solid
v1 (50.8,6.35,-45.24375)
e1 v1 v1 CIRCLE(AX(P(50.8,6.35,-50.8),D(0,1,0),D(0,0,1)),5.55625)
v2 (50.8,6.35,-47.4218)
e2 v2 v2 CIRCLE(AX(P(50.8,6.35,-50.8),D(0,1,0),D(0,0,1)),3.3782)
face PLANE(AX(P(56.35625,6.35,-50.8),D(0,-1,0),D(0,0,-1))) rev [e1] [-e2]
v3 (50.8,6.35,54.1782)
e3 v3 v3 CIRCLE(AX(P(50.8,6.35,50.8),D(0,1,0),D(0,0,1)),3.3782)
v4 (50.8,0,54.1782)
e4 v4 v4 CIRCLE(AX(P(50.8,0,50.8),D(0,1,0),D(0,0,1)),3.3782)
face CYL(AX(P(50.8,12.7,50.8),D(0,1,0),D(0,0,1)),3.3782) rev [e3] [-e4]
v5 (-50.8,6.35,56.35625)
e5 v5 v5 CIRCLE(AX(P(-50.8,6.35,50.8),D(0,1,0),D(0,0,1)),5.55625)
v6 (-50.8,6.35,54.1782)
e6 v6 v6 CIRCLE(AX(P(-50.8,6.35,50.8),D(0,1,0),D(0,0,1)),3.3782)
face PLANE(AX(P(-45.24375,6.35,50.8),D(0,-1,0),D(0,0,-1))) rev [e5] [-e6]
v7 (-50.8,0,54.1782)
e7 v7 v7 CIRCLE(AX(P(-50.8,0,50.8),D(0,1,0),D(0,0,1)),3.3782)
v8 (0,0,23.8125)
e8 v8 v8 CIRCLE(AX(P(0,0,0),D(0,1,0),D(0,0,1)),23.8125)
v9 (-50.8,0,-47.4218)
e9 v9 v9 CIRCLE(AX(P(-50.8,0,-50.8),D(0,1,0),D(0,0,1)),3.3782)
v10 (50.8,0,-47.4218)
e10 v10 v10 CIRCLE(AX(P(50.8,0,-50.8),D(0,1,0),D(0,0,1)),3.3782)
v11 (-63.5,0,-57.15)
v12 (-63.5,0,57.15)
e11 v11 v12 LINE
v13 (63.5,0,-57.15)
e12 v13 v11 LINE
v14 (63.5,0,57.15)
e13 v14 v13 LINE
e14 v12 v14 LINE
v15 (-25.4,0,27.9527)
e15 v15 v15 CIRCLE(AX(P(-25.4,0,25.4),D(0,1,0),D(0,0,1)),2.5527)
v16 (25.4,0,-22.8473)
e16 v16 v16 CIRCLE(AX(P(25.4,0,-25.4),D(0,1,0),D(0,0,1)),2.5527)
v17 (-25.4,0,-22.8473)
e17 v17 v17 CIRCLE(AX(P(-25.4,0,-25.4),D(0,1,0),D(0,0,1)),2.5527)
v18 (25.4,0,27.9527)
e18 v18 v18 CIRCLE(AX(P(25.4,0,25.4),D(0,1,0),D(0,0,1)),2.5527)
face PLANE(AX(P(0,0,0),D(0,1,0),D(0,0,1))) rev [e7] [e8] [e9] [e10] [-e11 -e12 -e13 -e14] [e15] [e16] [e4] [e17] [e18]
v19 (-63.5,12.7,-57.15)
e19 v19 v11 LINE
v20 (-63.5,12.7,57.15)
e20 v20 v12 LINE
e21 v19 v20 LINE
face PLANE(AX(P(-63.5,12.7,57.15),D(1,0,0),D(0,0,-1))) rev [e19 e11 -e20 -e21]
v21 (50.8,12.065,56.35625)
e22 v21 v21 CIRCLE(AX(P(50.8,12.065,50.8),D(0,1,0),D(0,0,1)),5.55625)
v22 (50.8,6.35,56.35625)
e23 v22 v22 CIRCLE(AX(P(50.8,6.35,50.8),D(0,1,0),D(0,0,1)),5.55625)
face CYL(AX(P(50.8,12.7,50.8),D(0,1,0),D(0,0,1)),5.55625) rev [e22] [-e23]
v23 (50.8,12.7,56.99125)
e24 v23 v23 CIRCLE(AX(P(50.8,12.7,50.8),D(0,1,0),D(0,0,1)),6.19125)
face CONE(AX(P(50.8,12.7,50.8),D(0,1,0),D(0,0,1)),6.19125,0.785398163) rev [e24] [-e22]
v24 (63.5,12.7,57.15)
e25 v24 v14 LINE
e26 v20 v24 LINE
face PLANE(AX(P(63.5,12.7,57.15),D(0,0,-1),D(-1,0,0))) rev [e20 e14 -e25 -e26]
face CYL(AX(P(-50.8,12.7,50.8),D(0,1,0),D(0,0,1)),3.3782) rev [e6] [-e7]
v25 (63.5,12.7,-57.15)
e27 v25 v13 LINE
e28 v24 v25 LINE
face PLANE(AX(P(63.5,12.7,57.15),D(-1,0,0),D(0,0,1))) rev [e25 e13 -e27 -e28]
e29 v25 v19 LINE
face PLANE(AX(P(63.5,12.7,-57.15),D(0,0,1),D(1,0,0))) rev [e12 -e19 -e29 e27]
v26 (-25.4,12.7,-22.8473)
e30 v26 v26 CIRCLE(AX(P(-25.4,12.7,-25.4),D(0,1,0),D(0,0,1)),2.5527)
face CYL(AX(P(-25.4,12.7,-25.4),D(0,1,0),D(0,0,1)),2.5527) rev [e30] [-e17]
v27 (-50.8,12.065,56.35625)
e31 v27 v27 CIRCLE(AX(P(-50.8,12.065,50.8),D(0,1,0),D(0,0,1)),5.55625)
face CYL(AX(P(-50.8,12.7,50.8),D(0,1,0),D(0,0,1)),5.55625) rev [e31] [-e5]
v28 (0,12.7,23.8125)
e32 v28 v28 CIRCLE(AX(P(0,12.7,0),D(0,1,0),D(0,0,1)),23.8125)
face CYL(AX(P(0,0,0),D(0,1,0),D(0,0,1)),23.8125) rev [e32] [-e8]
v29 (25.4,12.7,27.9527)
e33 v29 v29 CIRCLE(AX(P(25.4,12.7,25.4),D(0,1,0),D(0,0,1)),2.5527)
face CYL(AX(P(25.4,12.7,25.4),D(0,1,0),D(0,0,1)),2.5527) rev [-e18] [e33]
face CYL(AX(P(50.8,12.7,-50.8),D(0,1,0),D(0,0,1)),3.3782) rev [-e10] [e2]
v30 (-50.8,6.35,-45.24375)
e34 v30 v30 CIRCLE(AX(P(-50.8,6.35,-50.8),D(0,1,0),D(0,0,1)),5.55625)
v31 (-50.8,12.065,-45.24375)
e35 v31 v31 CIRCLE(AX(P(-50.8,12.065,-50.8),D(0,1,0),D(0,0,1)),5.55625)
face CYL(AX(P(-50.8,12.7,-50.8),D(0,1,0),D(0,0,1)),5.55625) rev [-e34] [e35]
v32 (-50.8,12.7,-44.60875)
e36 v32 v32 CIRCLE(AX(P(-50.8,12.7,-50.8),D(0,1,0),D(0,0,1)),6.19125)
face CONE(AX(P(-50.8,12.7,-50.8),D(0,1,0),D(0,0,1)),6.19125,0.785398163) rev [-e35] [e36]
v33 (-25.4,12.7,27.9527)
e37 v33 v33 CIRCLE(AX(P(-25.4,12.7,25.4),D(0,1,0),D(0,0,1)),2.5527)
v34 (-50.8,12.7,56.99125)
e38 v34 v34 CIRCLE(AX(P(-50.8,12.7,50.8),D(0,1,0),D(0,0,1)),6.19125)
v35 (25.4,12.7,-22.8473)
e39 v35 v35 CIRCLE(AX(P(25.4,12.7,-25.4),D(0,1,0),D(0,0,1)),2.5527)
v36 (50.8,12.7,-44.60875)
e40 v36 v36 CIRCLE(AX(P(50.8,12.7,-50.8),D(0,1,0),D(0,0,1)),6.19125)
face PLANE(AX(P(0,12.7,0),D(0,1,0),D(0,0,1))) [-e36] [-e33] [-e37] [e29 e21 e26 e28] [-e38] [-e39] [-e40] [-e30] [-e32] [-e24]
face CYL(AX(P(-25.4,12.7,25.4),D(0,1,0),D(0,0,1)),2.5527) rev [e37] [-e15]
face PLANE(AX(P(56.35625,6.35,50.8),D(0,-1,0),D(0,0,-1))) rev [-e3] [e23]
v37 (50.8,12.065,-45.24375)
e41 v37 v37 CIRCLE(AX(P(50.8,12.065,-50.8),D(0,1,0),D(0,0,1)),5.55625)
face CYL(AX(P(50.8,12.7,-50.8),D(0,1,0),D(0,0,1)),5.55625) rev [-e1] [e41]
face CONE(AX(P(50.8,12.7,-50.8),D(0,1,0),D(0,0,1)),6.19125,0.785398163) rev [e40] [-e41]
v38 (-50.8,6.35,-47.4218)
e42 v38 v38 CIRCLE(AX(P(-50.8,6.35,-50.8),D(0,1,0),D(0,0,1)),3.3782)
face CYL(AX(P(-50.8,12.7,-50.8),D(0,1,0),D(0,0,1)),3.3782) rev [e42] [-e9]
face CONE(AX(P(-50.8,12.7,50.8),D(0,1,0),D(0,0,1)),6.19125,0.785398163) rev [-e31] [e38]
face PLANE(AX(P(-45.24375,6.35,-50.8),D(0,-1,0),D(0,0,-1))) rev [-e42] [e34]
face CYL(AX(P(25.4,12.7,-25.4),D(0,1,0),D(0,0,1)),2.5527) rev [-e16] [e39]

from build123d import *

# Parameters (mm, degrees)
SKETCH1_W                                     = 127
SKETCH1_H                                     = 114.3
BOSS_EXTRUDE1_DEPTH                           = 12.7
SKETCH2_R                                     = 23.8125
CUT_EXTRUDE1_DEPTH                            = 87.36933773
CBORE_FOR_1_4_SOCKET_HEAD_CAP_SCREW1_AT_COUNT = 2
CBORE_FOR_1_4_SOCKET_HEAD_CAP_SCREW1_AT_PITCH = 101.6
CBORE_FOR_1_4_SOCKET_HEAD_CAP_SCREW1_2_COUNT  = 2
CBORE_FOR_1_4_SOCKET_HEAD_CAP_SCREW1_2_PITCH  = 143.684097937
CBORE_FOR_1_4_SOCKET_HEAD_CAP_SCREW1_3_COUNT  = 2
CBORE_FOR_1_4_SOCKET_HEAD_CAP_SCREW1_3_PITCH  = 101.6
F_1_4_20_TAPPED_HOLE1_D                       = 5.1054
F_1_4_20_TAPPED_HOLE1_DEPTH                   = 16.51
F_1_4_20_TAPPED_HOLE1_TIP                     = 1.533816902


with BuildPart() as part:
    # Sketch1 → Boss-Extrude1 (new body)
    with BuildSketch(Plane(origin=(0, 0, 0), x_dir=(1, 0, 0), z_dir=(0, 1, 0))):
        Rectangle(SKETCH1_W, SKETCH1_H)
    extrude(amount=BOSS_EXTRUDE1_DEPTH)

    # Sketch2 → Cut-Extrude1 (cut, through all)
    with BuildSketch(Plane(origin=(0, 12.7, 0), x_dir=(1, 0, 0), z_dir=(0, 1, 0))):
        with Locations(Location((0, 0, 0), (0, 0, 270))):
            Circle(SKETCH2_R)
    extrude(amount=-CUT_EXTRUDE1_DEPTH, mode=Mode.SUBTRACT)

    # Sketch5 → CBORE for 1/4 Socket Head Cap Screw1 (revolve, cut)
    with BuildSketch(Plane(origin=(-50.8, 12.7, -50.8), x_dir=(0, 0, 1), z_dir=(1, 0, 0))):
        Polygon((0, 0), (0, 12.7), (3.3782, 12.7), (3.3782, 6.35), (5.55625, 6.35), (5.55625, 0.635), (6.19125, 0), align=None)
    cbore_for_1_4_socket_head_cap_screw1 = revolve(axis=Axis((-50.8, 19.05, -50.8), (0, -1, 0)), mode=Mode.SUBTRACT)

    # CBORE for 1/4 Socket Head Cap Screw1 at: CBORE for 1/4 Socket Head Cap Screw1 ×2
    with Locations(*[(i * CBORE_FOR_1_4_SOCKET_HEAD_CAP_SCREW1_AT_PITCH, 0, 0) for i in range(1, CBORE_FOR_1_4_SOCKET_HEAD_CAP_SCREW1_AT_COUNT)]):
        add(cbore_for_1_4_socket_head_cap_screw1, mode=Mode.SUBTRACT)

    # CBORE for 1_4 Socket Head Cap Screw1 2: CBORE for 1/4 Socket Head Cap Screw1 ×2
    with Locations(*[Vector(0.7071067811865476, 0, 0.7071067811865475) * (i * CBORE_FOR_1_4_SOCKET_HEAD_CAP_SCREW1_2_PITCH) for i in range(1, CBORE_FOR_1_4_SOCKET_HEAD_CAP_SCREW1_2_COUNT)]):
        add(cbore_for_1_4_socket_head_cap_screw1, mode=Mode.SUBTRACT)

    # CBORE for 1_4 Socket Head Cap Screw1 3: CBORE for 1/4 Socket Head Cap Screw1 ×2
    with Locations(*[(0, 0, i * CBORE_FOR_1_4_SOCKET_HEAD_CAP_SCREW1_3_PITCH) for i in range(1, CBORE_FOR_1_4_SOCKET_HEAD_CAP_SCREW1_3_COUNT)]):
        add(cbore_for_1_4_socket_head_cap_screw1, mode=Mode.SUBTRACT)

    # 1/4-20 Tapped Hole1
    with Locations(Plane(origin=(-25.4, 12.7, -25.4), x_dir=(0, 0, 1), z_dir=(0, 1, 0))):
        with Locations((0, 0), (0, 50.8), (50.8, 50.8), (50.8, 0)):
            Hole(F_1_4_20_TAPPED_HOLE1_D / 2, depth=F_1_4_20_TAPPED_HOLE1_DEPTH)
            with Locations((0, 0, -(F_1_4_20_TAPPED_HOLE1_DEPTH + F_1_4_20_TAPPED_HOLE1_TIP / 2))):  # 118° drill point
                Cone(0, F_1_4_20_TAPPED_HOLE1_D / 2, F_1_4_20_TAPPED_HOLE1_TIP, mode=Mode.SUBTRACT)


solid = part.part
